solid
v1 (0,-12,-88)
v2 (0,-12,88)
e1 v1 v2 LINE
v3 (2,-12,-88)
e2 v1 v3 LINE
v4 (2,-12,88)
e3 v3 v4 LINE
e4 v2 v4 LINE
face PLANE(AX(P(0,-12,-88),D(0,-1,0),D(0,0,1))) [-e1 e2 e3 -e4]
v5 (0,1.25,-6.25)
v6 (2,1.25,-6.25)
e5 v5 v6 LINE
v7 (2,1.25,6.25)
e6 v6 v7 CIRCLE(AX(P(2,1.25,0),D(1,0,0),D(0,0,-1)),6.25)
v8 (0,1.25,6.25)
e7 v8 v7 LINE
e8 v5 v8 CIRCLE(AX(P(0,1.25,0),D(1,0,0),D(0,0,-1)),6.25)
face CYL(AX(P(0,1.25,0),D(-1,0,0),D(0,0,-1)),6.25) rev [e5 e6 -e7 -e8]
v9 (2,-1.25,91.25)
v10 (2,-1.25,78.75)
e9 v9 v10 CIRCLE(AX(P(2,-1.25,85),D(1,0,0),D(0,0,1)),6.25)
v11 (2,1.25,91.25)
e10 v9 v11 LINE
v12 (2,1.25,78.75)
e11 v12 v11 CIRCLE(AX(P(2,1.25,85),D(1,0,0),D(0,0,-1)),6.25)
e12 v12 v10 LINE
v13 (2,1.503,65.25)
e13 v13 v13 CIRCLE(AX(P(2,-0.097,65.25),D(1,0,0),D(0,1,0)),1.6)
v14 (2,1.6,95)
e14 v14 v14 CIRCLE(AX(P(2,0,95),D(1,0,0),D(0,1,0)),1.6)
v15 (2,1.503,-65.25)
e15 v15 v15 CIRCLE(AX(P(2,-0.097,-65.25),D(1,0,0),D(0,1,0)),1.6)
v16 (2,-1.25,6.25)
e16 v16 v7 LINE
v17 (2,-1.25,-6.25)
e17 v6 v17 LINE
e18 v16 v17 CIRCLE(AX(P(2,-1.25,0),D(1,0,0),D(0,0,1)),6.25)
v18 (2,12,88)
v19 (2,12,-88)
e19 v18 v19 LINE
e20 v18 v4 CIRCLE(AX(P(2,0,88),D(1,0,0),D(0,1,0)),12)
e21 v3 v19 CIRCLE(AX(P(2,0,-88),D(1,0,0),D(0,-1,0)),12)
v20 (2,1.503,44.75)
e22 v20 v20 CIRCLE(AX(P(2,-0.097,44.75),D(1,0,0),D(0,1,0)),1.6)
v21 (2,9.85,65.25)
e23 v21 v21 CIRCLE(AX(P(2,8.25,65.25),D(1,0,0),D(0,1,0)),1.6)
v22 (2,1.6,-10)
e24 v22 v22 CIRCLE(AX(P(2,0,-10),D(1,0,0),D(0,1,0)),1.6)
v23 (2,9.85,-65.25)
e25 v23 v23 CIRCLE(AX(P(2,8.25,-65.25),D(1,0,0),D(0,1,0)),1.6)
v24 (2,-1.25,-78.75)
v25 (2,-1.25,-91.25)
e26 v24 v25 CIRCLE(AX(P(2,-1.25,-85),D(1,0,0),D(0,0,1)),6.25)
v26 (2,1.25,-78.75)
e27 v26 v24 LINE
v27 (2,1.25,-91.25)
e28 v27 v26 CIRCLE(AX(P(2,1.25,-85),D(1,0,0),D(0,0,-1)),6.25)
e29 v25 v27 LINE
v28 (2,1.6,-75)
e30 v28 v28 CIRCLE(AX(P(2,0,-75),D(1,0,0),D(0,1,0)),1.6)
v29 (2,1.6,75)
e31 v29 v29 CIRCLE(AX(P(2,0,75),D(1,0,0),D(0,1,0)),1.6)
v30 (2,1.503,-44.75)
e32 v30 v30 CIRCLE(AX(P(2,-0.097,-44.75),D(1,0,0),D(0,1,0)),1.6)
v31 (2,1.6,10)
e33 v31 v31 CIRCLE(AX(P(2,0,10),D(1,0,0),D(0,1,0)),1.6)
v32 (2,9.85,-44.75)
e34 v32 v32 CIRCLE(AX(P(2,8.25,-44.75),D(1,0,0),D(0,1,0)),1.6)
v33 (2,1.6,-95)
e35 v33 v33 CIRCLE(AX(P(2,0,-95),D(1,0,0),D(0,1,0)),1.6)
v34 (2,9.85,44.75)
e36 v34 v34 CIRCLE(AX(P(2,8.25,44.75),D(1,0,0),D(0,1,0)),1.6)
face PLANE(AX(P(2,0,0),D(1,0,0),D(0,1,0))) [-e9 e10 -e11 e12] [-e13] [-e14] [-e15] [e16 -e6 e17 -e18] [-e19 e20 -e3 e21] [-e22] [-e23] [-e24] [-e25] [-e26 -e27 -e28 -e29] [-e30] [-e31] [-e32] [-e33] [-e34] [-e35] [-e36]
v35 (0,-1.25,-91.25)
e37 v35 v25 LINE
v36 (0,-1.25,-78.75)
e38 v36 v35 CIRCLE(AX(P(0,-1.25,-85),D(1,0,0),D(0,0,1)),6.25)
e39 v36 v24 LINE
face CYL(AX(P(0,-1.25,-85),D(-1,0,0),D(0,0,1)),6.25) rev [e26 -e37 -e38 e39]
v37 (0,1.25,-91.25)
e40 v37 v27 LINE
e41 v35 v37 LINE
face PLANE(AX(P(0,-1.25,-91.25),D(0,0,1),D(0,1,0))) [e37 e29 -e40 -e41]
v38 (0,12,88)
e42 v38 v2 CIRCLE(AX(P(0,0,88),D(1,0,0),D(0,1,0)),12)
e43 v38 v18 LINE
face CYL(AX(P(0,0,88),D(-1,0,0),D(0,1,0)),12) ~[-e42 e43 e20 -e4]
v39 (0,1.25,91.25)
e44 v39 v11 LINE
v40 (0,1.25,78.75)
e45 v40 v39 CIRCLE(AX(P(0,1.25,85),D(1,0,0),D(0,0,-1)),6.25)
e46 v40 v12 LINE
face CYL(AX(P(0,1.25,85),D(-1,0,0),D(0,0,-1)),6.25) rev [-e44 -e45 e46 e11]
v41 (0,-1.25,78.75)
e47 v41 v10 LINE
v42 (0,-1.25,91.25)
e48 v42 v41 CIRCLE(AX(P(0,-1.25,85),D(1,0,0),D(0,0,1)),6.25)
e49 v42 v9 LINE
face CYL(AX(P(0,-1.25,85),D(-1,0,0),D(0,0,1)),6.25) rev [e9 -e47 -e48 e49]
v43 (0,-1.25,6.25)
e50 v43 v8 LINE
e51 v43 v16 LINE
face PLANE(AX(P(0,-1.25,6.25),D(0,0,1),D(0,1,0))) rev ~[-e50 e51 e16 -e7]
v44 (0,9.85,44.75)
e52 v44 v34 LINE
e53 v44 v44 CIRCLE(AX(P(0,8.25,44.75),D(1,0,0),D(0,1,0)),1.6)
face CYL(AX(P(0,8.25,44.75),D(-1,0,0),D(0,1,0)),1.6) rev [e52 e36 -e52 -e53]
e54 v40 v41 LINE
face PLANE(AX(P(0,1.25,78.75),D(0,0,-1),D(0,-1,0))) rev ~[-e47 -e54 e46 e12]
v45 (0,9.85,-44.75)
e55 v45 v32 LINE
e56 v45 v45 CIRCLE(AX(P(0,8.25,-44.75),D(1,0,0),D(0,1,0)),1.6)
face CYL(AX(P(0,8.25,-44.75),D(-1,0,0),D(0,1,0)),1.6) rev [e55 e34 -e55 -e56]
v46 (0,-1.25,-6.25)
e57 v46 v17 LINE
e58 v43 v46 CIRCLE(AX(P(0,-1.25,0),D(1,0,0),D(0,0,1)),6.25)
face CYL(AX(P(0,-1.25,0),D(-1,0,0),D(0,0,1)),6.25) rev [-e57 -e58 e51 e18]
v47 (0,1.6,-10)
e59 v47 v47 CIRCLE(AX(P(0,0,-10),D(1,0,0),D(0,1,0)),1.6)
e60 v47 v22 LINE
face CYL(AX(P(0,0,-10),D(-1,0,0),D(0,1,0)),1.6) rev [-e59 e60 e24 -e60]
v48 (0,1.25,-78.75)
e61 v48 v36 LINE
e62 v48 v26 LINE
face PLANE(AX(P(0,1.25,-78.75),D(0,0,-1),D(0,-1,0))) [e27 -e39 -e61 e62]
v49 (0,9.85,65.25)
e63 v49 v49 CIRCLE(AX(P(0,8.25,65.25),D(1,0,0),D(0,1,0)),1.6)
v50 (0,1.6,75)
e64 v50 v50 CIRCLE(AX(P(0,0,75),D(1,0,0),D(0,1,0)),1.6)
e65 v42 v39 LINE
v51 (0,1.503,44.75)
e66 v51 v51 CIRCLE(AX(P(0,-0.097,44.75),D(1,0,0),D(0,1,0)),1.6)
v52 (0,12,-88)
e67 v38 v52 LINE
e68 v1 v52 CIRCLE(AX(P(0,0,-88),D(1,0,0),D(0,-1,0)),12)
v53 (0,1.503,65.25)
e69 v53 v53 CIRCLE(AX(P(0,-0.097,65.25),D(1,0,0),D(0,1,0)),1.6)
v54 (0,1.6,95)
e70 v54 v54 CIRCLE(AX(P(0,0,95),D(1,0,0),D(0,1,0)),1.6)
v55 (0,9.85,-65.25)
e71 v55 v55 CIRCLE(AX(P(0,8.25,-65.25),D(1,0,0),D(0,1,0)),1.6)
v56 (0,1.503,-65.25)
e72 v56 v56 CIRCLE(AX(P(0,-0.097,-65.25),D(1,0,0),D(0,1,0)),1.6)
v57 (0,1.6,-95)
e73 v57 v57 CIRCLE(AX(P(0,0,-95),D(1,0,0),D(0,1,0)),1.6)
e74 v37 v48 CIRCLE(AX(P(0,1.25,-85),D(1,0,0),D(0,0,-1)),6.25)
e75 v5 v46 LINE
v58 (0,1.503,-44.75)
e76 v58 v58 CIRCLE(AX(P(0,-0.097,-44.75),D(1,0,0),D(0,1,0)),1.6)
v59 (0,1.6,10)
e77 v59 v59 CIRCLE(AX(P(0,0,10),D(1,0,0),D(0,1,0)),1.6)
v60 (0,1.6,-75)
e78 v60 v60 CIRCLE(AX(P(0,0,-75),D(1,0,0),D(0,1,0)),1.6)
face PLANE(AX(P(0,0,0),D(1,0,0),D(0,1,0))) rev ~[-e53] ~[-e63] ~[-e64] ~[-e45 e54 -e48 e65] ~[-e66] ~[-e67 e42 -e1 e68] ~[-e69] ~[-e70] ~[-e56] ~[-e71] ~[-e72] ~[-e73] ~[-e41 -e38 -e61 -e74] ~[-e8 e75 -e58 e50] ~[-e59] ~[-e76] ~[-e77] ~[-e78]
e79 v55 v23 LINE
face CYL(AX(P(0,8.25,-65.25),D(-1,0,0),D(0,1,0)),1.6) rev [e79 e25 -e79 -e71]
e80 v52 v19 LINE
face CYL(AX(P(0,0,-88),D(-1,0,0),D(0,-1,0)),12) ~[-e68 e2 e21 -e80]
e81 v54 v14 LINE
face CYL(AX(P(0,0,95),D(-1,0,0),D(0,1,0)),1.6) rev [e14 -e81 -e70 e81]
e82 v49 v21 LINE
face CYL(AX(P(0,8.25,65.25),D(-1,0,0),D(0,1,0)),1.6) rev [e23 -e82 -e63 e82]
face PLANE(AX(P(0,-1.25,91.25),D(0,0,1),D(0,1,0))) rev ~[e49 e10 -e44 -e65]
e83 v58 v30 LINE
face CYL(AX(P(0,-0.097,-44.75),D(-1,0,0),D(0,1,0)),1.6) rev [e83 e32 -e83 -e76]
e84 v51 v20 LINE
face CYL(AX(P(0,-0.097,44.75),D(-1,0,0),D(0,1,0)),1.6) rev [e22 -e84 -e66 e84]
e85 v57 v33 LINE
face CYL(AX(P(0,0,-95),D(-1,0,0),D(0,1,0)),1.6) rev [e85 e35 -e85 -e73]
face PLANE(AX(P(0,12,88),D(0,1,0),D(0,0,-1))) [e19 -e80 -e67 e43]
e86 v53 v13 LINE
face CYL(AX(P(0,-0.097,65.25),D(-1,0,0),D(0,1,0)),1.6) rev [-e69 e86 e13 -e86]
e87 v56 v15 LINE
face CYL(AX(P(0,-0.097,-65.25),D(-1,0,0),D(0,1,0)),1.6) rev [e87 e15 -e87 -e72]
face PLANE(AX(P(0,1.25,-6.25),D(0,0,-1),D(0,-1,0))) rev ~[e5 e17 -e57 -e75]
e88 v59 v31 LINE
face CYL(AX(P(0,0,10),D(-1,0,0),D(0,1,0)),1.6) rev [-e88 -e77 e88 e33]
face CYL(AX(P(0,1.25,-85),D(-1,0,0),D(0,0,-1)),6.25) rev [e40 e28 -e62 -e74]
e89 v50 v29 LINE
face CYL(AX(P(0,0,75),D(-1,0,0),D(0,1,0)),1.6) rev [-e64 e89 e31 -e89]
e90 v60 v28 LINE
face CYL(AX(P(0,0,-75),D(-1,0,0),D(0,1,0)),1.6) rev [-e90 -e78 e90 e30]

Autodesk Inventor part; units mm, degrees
ref_plane "YZ Plane" through (0, 0, 0) normal (1, 0, 0) x (0, 1, 0)
ref_plane "XZ Plane" through (0, 0, 0) normal (0, 1, 0) x (-1, 0, 0)
ref_plane "XY Plane" through (0, 0, 0) normal (0, 0, 1) x (1, 0, 0)
sketch "Sketch1" plane through (0, 0, 0) normal (1, 0, 0) x (0, 1, 0)
  line L0 (-1.25, 6.25) -> (1.25, 6.25)
  arc A0 (1.25, -6.25) -> (1.25, 6.25) centre (1.25, 0) ccw
  line L1 (1.25, -6.25) -> (-1.25, -6.25)
  arc A1 (-1.25, 6.25) -> (-1.25, -6.25) centre (-1.25, 0) ccw
  circle A2 centre (0, -10) radius 1.6
  circle A3 centre (0, 10) radius 1.6
  circle A4 centre (8.25, 44.75) radius 1.6
  circle A5 centre (8.25, 65.25) radius 1.6
  line L2 (-1.25, 91.25) -> (1.25, 91.25)
  arc A6 (1.25, 78.75) -> (1.25, 91.25) centre (1.25, 85) ccw
  line L3 (1.25, 78.75) -> (-1.25, 78.75)
  arc A7 (-1.25, 91.25) -> (-1.25, 78.75) centre (-1.25, 85) ccw
  circle A8 centre (0, 75) radius 1.6
  circle A9 centre (0, 95) radius 1.6
  line L4 (-1.25, -91.25) -> (1.25, -91.25)
  arc A10 (1.25, -91.25) -> (1.25, -78.75) centre (1.25, -85) ccw
  line L5 (1.25, -78.75) -> (-1.25, -78.75)
  arc A11 (-1.25, -78.75) -> (-1.25, -91.25) centre (-1.25, -85) ccw
  circle A12 centre (0, -75) radius 1.6
  circle A13 centre (0, -95) radius 1.6
  circle A14 centre (-0.097, 44.75) radius 1.6
  circle A15 centre (-0.097, 65.25) radius 1.6
  circle A16 centre (8.25, -44.75) radius 1.6
  circle A17 centre (8.25, -65.25) radius 1.6
  circle A18 centre (-0.097, -44.75) radius 1.6
  circle A19 centre (-0.097, -65.25) radius 1.6
  arc A20 (12, 88) -> (-12, 88) centre (0, 88) ccw
  line L6 (12, 88) -> (12, -88)
  arc A21 (-12, -88) -> (12, -88) centre (0, -88) ccw
  line L7 (-12, -88) -> (-12, 88)
  point P0 (0, 0)
  point P1 (0, 0)
  point P2 (-12, -88)
  point P3 (12, 88)
  point P4 (-12, 88)
  point P5 (1.25, -78.75)
  point P6 (1.25, 78.75)
  point P7 (-1.25, 78.75)
  point P8 (1.25, -6.25)
  point P9 (-1.25, -6.25)
  dimension "d2" = 3.2
  dimension "d3" = 3.2
  dimension "d4" = 3.2
  dimension "d5" = 3.2
  dimension "d6" = 8.347
  dimension "d7" = 8.347
  dimension "d8" = 8.347
  dimension "d9" = 3.2
  dimension "d10" = 3.2
  dimension "d11" = 3.2
  dimension "d12" = 3.2
  dimension "d15" = 3.2
  dimension "d16" = 3.2
  dimension "d17" = 3.2
  dimension "d18" = 3.2
  dimension "d19" = 3.2
  dimension "d20" = 3.2
extrude "Extrusion1" add sketch "Sketch1" along normal blind 2
equation "\"d2\" = d5"
equation "\"d3\" = d5"
equation "\"d4\" = d5"
equation "\"d7\" = d6"
equation "\"d8\" = d6"
equation "\"d9\" = d5"
equation "\"d10\" = d5"
equation "\"d11\" = d5"
equation "\"d12\" = d5"
equation "\"d15\" = d5"
equation "\"d16\" = d5"
equation "\"d17\" = d5"
equation "\"d18\" = d5"
equation "\"d19\" = d5"
equation "\"d20\" = d5"
equation "\"d0\" = ThicknessLegLoadpipePlate"
equation "\"MountToMotorCenter\" = 0"
equation "\"ArmPosition\" = 5deg"
equation "\"BatteryWidth\" = 62"
equation "\"BatteryHeight\" = 76"
equation "\"ThicknessBodyOuterPlate\" = 2"
equation "\"ThicknessBodyCenterPlate\" = 2"
equation "\"ThicknessLegLoadpipePlate\" = 2"
equation "\"ThicknessBatteryTray\" = 2"
equation "\"ThicknessBatteryTopTray\" = 1"
equation "\"LandingGearStabilityBar\" = 525"
equation "\"StartAngleArm\" = 45deg"
equation "\"MotorMountCenter\" = 71.5"
properties part number "Leg_Loadpipe_Plate" material "CFRP"
